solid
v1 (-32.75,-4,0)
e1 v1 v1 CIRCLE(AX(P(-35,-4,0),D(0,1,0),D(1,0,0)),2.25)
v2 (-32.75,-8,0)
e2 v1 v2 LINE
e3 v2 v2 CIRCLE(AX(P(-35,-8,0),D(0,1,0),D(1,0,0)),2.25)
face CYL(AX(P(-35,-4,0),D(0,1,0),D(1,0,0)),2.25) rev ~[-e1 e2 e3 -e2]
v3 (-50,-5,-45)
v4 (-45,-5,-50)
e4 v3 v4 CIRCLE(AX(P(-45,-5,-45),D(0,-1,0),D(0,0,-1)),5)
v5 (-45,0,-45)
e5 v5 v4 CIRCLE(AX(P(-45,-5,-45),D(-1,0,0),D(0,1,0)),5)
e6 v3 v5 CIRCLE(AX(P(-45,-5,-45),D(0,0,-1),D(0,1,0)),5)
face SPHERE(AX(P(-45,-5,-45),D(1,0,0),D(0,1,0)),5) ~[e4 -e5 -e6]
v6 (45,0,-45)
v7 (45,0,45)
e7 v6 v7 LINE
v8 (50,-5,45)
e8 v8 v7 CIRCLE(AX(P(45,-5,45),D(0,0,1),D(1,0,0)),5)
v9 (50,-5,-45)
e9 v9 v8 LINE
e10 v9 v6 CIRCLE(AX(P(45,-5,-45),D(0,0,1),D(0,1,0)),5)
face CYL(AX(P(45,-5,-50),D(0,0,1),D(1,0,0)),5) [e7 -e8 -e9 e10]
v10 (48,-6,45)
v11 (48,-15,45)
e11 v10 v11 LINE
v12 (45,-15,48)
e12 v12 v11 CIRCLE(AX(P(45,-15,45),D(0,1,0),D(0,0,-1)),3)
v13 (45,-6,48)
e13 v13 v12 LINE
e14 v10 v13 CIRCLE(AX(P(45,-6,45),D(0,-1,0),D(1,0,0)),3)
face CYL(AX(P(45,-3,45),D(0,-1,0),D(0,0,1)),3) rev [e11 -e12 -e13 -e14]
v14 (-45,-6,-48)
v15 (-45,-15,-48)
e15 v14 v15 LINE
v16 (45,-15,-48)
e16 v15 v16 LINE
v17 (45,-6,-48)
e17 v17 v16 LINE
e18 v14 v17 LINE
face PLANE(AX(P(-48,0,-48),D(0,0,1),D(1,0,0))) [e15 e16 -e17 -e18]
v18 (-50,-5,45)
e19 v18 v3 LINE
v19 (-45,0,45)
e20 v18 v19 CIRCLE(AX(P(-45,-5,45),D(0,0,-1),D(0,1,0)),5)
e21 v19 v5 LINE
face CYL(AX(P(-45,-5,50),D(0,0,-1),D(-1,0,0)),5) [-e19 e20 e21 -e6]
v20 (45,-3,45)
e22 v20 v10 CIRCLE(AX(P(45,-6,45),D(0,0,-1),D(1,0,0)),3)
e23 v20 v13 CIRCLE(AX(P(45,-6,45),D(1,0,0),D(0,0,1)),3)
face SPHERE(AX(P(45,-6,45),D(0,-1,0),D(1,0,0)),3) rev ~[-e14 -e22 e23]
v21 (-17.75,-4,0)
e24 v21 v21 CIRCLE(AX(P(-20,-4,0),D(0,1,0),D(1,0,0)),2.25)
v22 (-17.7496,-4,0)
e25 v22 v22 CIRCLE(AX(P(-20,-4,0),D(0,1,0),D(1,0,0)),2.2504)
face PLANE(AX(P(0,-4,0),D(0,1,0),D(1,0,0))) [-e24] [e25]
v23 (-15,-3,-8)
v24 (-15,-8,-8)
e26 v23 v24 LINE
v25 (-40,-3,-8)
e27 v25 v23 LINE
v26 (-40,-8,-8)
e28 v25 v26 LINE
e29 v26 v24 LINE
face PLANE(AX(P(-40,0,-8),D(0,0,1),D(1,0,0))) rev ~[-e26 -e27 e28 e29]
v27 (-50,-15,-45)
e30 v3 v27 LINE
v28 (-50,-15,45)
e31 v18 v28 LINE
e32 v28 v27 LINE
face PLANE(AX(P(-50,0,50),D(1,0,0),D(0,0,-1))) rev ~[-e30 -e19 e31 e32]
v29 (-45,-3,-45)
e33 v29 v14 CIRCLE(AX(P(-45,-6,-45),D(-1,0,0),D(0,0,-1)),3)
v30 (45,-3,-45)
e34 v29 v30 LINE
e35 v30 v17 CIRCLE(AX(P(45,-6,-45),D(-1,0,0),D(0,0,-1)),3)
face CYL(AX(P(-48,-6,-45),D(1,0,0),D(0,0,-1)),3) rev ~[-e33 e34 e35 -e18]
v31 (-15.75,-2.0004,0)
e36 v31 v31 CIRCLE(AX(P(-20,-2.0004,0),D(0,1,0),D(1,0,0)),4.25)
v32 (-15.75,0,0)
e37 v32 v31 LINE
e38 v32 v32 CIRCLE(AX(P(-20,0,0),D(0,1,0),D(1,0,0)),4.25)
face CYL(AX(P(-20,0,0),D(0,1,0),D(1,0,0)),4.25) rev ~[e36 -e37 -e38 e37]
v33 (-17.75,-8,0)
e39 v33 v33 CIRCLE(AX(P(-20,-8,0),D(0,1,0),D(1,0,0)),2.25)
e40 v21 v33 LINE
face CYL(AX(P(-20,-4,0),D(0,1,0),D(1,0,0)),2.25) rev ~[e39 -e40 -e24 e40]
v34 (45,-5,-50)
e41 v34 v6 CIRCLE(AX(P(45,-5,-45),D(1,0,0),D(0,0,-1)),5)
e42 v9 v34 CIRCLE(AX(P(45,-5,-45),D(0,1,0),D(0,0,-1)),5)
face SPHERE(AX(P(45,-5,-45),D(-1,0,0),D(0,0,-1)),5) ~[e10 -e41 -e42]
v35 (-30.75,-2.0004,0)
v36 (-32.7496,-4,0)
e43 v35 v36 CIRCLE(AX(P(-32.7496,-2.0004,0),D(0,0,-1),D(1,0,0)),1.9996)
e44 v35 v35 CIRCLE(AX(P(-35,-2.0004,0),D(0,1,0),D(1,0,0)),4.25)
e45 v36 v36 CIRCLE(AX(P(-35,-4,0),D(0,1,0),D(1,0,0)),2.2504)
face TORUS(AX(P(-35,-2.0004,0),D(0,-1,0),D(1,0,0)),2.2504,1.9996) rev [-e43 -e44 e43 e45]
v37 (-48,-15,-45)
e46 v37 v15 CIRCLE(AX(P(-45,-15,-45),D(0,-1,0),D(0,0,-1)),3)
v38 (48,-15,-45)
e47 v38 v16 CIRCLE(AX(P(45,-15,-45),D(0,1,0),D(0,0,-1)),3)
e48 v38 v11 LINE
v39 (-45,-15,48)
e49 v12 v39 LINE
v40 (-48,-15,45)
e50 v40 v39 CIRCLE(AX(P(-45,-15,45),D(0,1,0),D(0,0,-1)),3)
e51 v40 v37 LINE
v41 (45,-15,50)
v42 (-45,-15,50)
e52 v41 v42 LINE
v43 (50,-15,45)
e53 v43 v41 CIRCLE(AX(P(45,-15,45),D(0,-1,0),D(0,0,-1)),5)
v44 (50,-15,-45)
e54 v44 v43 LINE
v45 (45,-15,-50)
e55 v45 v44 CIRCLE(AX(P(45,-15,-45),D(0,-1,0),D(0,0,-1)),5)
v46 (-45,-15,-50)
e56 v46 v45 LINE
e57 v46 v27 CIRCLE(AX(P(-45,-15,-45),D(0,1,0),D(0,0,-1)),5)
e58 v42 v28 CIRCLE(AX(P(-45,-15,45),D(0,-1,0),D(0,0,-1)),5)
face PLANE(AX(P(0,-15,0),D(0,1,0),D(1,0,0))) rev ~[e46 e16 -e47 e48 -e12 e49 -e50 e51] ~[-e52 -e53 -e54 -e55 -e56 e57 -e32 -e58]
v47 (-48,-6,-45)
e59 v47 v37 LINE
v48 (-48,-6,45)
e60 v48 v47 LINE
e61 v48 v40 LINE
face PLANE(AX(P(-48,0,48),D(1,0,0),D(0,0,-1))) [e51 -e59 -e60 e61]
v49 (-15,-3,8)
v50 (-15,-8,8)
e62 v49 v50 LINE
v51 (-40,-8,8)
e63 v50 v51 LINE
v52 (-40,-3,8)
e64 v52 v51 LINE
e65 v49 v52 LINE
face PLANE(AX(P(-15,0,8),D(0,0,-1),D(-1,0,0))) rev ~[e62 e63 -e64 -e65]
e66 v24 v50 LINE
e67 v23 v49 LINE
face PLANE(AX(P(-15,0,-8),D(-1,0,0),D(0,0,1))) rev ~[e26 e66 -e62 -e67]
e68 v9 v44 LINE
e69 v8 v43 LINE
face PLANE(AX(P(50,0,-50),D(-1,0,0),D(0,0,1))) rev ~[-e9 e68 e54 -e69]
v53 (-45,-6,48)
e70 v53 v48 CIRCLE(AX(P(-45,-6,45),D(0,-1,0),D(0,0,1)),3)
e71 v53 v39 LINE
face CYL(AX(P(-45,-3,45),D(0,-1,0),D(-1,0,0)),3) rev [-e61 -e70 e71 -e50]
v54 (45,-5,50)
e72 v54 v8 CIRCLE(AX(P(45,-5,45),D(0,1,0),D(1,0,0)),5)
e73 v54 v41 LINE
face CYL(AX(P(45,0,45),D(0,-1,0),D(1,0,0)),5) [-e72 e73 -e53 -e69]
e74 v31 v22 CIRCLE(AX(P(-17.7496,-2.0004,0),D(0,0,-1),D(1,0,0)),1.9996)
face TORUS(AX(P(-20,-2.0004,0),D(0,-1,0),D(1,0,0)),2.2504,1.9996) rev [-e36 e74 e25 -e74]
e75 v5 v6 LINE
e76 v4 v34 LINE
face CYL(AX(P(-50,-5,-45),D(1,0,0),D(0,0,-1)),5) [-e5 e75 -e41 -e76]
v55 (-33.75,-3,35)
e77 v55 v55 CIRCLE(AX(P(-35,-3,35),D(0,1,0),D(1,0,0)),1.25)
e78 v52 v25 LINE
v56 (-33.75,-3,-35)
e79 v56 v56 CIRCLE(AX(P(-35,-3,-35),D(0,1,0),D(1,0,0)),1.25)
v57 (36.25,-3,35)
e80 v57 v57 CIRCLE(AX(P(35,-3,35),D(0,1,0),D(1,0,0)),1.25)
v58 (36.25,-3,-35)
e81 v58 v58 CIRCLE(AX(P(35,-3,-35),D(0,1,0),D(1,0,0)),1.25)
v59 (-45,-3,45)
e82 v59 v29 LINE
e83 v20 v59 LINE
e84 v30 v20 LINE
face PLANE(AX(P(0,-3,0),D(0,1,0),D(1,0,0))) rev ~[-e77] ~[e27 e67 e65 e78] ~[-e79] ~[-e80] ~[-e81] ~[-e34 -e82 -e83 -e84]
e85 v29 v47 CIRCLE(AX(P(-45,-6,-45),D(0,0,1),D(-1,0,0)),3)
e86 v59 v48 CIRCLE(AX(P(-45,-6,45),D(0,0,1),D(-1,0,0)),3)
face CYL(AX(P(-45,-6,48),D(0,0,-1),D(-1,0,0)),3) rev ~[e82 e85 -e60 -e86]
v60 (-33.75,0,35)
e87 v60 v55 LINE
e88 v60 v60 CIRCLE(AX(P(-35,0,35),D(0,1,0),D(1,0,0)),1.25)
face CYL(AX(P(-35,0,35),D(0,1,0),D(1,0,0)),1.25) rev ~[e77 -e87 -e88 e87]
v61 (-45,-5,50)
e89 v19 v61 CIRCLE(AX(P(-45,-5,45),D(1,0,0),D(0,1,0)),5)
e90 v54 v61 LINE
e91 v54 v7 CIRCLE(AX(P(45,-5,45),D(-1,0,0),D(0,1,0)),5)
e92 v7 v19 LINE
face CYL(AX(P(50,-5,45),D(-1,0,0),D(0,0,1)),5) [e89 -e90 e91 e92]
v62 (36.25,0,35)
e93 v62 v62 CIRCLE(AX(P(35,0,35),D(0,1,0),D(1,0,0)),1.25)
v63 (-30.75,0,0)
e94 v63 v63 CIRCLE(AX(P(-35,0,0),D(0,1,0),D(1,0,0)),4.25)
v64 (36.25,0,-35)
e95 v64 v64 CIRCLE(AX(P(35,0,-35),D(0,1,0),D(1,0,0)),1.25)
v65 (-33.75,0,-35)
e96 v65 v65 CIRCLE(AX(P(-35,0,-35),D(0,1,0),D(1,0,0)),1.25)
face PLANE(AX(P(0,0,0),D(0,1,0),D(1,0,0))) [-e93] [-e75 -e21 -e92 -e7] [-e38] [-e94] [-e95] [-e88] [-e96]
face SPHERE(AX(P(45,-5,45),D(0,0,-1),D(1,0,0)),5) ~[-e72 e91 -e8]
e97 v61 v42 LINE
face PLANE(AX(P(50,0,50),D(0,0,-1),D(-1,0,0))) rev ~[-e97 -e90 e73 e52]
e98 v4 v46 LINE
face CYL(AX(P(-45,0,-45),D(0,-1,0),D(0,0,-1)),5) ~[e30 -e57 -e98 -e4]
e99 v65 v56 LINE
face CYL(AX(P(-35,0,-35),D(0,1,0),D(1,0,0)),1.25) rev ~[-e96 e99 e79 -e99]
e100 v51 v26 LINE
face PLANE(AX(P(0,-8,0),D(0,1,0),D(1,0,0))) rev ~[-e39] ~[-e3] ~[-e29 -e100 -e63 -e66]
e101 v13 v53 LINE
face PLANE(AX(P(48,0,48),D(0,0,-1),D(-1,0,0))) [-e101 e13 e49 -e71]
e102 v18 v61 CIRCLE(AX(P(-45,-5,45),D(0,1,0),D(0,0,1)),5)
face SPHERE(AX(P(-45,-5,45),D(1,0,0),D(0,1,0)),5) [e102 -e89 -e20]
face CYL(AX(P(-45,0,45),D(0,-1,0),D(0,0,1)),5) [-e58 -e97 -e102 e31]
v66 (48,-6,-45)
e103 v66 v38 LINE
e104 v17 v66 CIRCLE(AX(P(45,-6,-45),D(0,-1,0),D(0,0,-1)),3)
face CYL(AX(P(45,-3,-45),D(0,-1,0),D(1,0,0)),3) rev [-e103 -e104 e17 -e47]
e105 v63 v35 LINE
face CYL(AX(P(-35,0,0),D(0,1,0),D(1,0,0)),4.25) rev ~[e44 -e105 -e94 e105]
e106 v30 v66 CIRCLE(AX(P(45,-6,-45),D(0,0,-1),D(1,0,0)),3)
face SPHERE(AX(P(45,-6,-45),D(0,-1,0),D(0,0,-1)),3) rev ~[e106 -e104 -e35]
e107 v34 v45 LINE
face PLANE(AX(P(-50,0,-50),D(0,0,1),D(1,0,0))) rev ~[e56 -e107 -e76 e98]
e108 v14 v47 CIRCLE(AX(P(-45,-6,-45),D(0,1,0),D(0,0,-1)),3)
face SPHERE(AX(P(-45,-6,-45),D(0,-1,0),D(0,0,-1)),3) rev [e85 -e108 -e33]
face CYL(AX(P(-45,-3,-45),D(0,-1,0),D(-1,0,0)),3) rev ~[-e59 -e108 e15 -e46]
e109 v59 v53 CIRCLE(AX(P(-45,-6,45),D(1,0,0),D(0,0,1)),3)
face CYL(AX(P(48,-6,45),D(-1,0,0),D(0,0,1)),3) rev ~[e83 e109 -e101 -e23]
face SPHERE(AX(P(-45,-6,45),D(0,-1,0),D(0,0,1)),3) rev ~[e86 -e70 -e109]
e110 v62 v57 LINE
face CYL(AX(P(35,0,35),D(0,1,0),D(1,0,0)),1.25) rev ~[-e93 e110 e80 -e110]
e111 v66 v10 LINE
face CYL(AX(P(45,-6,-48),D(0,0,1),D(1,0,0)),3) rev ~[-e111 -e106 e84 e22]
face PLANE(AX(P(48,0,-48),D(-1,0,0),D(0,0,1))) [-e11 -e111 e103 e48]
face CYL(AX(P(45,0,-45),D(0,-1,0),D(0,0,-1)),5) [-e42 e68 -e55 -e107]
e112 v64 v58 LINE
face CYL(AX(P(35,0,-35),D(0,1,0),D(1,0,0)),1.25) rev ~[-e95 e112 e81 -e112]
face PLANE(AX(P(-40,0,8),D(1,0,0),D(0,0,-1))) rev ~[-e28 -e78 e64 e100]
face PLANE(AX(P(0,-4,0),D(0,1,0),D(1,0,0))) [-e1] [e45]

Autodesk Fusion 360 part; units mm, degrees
sketch "スケッチ1" plane through (0, 0, 0) normal (0, 1, 0) x (1, 0, 0)
  line L0 (-100, 0) -> (100, 0) construction
  line L1 (0, 100) -> (0, -100) construction
  line L2 (-40, 40) -> (40, 40)
  line L3 (40, 40) -> (40, -40)
  line L4 (40, -40) -> (-40, -40)
  line L5 (-40, -40) -> (-40, 40)
  line L6 (-40, 8) -> (-15, 8)
  line L7 (-15, 8) -> (-15, -8)
  line L8 (-15, -8) -> (-40, -8)
  line L9 (-40, -8) -> (-40, 8)
  circle A0 centre (-35, 0) radius 2.25
  circle A1 centre (-20, 0) radius 2.25
  circle A2 centre (0, 0) radius 35 construction
  circle A3 centre (0, 0) radius 40 construction
  circle A4 centre (-35, 35) radius 1.25
  circle A5 centre (35, 35) radius 1.25
  circle A6 centre (-35, -35) radius 1.25
  circle A7 centre (35, -35) radius 1.25
  circle A8 centre (-35, 0) radius 4.25
  circle A9 centre (-20, 0) radius 4.25
  line L10 (-50, 50) -> (50, 50)
  line L11 (50, 50) -> (50, -50)
  line L12 (50, -50) -> (-50, -50)
  line L13 (-50, -50) -> (-50, 50)
  line L14 (-48, 48) -> (48, 48)
  line L15 (48, 48) -> (48, -48)
  line L16 (48, -48) -> (-48, -48)
  line L17 (-48, -48) -> (-48, 48)
  dimension "d1" = 40
  dimension "d2" = 40
  dimension "d3" = 40
  dimension "d4" = 40
  dimension "d5" = 4.5
  dimension "d6" = 4.5
  dimension "d7" = 15
  dimension "d8" = 5
  dimension "d9" = 25
  dimension "d10" = 8
  dimension "d11" = 8
  dimension "d12" = 70
  dimension "d13" = 80
  dimension "d14" = 2.5
  dimension "d15" = 2.5
  dimension "d16" = 2.5
  dimension "d17" = 2.5
  dimension "d18" = 5
  dimension "d19" = 5
  dimension "d20" = 5
  dimension "d21" = 5
  dimension "d22" = 5
  dimension "d23" = 5
  dimension "d24" = 5
  dimension "d25" = 5
  dimension "d26" = 8.5
  dimension "d27" = 8.5
  dimension "d35" = 50
  dimension "d36" = 50
  dimension "d37" = 50
  dimension "d38" = 50
  dimension "d39" = 2
  dimension "d40" = 2
  dimension "d41" = 2
  dimension "d42" = 2
extrude "押し出し1" add sketch "スケッチ1" against normal blind 3 contours L2 L3 L4 L5 L6 L7 L8 | L14 L15 L16 L17
extrude "押し出し2" add sketch "スケッチ1" against normal blind 8 contours L5 L6 L7 L8 L9
extrude "押し出し3" add sketch "スケッチ1" against normal blind 4 from surface at -4 contours A8 | A9
fillet "フィレット1" radius 2 2 edges at (-38.9624, -4, -1.5369) (-23.9624, -4, -1.5369)
extrude "押し出し4" add sketch "スケッチ1" against normal blind 15 contours L10 L11 L12 L13
sketch "スケッチ2" plane through (0, 0, 0) normal (0, 0, 1) x (1, 0, 0)
fillet "フィレット2" radius 3 8 edges at (48, -9, 48) (48, -9, -48) (-48, -9, -48) (-48, -9, 48) (0, -3, -48) (48, -3, 0) (0, -3, 48) (-48, -3, 0)
fillet "フィレット3" radius 5 8 edges at (0, 0, -50) (50, -7.5, -50) (50, 0, 0) (50, -7.5, 50) (0, 0, 50) (-50, 0, 0) (-50, -7.5, 50) (-50, -7.5, -50)
